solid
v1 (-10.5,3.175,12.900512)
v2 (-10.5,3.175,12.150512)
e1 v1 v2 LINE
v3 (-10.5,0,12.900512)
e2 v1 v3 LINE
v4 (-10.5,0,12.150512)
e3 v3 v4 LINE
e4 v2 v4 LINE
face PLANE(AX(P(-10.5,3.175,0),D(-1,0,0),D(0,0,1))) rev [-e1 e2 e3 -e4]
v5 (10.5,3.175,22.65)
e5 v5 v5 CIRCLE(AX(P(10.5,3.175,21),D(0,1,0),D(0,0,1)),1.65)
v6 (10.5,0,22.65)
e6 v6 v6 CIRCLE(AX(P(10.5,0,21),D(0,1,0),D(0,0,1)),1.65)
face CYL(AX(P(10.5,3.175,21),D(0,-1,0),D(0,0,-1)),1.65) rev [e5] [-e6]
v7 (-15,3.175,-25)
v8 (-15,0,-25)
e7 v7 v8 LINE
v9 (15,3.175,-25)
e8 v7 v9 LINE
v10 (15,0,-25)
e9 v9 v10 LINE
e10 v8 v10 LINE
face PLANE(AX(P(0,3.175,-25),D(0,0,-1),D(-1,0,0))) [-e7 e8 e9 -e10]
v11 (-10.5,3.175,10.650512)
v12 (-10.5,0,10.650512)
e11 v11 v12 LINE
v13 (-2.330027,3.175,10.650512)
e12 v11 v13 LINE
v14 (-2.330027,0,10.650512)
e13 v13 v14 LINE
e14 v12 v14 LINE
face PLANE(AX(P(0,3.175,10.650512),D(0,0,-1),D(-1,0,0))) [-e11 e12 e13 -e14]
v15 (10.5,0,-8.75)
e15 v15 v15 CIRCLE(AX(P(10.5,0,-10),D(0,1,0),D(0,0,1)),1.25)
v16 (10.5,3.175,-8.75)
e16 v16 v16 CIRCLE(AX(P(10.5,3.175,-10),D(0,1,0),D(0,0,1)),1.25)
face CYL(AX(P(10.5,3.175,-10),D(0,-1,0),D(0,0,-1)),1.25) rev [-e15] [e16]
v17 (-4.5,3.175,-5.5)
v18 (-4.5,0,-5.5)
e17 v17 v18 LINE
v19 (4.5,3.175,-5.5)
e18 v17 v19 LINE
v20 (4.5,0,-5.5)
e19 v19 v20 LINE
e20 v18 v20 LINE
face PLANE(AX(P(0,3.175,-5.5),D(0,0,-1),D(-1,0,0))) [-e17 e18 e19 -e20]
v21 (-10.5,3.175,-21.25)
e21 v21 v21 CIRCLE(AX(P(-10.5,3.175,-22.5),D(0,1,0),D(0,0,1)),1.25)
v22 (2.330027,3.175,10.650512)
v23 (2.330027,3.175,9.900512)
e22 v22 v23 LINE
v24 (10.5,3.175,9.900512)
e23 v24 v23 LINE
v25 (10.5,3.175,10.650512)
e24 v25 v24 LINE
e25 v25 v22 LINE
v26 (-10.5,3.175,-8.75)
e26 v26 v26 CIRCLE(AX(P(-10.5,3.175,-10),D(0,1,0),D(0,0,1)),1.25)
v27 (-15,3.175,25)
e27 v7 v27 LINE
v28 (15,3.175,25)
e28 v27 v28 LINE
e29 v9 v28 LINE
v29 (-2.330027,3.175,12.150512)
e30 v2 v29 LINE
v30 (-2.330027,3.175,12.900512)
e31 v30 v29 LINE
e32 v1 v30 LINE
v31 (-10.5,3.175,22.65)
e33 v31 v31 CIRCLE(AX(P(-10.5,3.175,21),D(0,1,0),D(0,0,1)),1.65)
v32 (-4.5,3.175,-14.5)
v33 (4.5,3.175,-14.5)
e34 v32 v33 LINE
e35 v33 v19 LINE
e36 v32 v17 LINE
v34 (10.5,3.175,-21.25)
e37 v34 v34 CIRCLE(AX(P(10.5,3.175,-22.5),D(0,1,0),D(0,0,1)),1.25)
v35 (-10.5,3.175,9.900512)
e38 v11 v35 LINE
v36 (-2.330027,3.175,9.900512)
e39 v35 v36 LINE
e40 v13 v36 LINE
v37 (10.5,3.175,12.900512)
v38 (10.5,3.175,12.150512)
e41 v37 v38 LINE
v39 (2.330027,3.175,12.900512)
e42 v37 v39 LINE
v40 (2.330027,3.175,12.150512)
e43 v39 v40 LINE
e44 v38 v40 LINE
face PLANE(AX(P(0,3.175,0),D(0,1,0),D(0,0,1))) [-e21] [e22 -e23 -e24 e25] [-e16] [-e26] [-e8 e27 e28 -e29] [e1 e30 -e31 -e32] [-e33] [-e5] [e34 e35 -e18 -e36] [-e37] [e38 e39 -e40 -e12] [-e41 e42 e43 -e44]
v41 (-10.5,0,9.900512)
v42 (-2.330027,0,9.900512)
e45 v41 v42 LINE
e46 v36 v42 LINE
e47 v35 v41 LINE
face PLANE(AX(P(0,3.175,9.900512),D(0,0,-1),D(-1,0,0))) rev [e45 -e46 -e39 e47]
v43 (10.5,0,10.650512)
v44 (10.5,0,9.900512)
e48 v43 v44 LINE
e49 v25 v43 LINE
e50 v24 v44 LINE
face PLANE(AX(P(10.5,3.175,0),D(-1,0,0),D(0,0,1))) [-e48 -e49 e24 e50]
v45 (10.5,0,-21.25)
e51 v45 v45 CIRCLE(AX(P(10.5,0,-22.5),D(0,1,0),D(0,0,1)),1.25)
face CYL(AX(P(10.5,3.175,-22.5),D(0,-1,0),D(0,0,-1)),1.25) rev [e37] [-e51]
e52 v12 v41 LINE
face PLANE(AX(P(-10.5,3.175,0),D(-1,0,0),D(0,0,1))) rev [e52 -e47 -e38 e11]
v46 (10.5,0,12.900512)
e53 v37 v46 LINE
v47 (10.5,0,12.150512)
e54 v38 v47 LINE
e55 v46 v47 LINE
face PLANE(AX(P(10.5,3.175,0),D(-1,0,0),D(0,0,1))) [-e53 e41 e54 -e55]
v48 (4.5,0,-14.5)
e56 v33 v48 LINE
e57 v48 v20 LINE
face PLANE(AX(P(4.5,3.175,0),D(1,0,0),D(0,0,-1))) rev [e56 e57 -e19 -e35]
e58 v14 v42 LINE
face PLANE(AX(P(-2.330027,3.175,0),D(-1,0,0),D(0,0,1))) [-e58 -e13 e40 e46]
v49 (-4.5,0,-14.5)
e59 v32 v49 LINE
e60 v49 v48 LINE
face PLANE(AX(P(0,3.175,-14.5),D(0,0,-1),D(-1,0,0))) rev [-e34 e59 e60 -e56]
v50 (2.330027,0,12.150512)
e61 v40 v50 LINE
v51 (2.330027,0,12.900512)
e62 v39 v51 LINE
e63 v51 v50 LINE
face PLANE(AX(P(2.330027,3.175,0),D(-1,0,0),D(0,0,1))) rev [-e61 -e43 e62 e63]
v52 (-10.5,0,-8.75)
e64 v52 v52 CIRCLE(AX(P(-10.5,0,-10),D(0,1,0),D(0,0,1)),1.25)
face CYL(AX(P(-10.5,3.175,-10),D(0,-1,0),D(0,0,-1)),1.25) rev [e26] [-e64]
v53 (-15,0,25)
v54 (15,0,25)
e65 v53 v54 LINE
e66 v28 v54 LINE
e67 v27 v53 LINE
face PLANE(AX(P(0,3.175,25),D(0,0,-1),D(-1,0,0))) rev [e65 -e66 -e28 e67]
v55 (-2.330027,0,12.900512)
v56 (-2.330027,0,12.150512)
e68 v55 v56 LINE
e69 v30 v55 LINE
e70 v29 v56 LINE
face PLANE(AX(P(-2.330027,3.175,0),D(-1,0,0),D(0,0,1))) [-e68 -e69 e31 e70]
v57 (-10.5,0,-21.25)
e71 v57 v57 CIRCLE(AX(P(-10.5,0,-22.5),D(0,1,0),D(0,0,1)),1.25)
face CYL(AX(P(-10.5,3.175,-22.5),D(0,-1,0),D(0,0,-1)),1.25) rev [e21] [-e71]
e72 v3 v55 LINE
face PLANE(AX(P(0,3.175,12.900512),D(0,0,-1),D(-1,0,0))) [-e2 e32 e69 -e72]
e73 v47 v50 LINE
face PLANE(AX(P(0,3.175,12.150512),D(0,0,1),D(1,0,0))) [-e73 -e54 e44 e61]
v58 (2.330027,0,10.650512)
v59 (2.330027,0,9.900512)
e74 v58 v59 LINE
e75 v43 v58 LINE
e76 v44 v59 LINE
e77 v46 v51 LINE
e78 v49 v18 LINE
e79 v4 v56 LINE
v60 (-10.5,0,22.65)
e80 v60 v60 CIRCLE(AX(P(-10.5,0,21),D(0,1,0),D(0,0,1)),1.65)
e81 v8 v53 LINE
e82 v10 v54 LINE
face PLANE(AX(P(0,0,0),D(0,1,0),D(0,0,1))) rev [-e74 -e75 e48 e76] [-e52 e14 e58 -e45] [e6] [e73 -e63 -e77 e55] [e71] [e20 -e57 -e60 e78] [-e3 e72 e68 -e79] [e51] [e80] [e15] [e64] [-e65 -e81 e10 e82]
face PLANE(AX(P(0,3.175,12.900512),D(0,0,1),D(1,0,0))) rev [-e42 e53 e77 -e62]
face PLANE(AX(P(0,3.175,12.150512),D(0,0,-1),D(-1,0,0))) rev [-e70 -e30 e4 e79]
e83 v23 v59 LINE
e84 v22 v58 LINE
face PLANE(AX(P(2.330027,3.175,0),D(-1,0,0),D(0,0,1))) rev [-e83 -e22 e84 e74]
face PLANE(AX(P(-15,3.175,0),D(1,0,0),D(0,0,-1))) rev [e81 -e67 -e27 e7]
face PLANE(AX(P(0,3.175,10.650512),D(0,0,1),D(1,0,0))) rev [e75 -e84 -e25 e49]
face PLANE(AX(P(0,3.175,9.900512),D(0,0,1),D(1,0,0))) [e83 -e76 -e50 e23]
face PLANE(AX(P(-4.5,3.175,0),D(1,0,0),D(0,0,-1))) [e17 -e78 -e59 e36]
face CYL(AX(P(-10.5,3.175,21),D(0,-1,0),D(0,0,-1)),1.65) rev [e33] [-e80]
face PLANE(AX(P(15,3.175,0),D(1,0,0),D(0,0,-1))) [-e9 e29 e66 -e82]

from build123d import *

# Parameters (mm, degrees)
SKETCH1_W           = 30
SKETCH1_H           = 50
SKETCH1_R           = 1.25
SKETCH1_R_2         = 1.65
SKETCH1_W_2         = 8.169972816
SKETCH1_H_2         = 0.75
SKETCH1_W_3         = 9
SKETCH1_H_3         = 9
BOSS_EXTRUDE1_DEPTH = 3.175


with BuildPart() as part:
    # Sketch1 → Boss-Extrude1 (new body)
    with BuildSketch(Plane(origin=(0, 0, 0), x_dir=(1, 0, 0), z_dir=(0, 1, 0))):
        Rectangle(SKETCH1_W, SKETCH1_H)
        with Locations((-10.5, 22.5)):
            Circle(SKETCH1_R, mode=Mode.SUBTRACT)
        with Locations((10.5, 22.5)):
            Circle(SKETCH1_R, mode=Mode.SUBTRACT)
        with Locations((10.5, 10)):
            Circle(SKETCH1_R, mode=Mode.SUBTRACT)
        with Locations((-10.5, 10)):
            Circle(SKETCH1_R, mode=Mode.SUBTRACT)
        with Locations((-10.5, -21)):
            Circle(SKETCH1_R_2, mode=Mode.SUBTRACT)
        with Locations((10.5, -21)):
            Circle(SKETCH1_R_2, mode=Mode.SUBTRACT)
        with Locations((6.415013592, -10.275512249)):
            Rectangle(SKETCH1_W_2, SKETCH1_H_2, mode=Mode.SUBTRACT)
        with Locations((-6.415013592, -12.525512249)):
            Rectangle(SKETCH1_W_2, SKETCH1_H_2, mode=Mode.SUBTRACT)
        with Locations((-6.415013592, -10.275512249)):
            Rectangle(SKETCH1_W_2, SKETCH1_H_2, mode=Mode.SUBTRACT)
        with Locations((6.415013592, -12.525512249)):
            Rectangle(SKETCH1_W_2, SKETCH1_H_2, mode=Mode.SUBTRACT)
        with Locations((0, 10)):
            Rectangle(SKETCH1_W_3, SKETCH1_H_3, mode=Mode.SUBTRACT)
    extrude(amount=BOSS_EXTRUDE1_DEPTH)


solid = part.part
